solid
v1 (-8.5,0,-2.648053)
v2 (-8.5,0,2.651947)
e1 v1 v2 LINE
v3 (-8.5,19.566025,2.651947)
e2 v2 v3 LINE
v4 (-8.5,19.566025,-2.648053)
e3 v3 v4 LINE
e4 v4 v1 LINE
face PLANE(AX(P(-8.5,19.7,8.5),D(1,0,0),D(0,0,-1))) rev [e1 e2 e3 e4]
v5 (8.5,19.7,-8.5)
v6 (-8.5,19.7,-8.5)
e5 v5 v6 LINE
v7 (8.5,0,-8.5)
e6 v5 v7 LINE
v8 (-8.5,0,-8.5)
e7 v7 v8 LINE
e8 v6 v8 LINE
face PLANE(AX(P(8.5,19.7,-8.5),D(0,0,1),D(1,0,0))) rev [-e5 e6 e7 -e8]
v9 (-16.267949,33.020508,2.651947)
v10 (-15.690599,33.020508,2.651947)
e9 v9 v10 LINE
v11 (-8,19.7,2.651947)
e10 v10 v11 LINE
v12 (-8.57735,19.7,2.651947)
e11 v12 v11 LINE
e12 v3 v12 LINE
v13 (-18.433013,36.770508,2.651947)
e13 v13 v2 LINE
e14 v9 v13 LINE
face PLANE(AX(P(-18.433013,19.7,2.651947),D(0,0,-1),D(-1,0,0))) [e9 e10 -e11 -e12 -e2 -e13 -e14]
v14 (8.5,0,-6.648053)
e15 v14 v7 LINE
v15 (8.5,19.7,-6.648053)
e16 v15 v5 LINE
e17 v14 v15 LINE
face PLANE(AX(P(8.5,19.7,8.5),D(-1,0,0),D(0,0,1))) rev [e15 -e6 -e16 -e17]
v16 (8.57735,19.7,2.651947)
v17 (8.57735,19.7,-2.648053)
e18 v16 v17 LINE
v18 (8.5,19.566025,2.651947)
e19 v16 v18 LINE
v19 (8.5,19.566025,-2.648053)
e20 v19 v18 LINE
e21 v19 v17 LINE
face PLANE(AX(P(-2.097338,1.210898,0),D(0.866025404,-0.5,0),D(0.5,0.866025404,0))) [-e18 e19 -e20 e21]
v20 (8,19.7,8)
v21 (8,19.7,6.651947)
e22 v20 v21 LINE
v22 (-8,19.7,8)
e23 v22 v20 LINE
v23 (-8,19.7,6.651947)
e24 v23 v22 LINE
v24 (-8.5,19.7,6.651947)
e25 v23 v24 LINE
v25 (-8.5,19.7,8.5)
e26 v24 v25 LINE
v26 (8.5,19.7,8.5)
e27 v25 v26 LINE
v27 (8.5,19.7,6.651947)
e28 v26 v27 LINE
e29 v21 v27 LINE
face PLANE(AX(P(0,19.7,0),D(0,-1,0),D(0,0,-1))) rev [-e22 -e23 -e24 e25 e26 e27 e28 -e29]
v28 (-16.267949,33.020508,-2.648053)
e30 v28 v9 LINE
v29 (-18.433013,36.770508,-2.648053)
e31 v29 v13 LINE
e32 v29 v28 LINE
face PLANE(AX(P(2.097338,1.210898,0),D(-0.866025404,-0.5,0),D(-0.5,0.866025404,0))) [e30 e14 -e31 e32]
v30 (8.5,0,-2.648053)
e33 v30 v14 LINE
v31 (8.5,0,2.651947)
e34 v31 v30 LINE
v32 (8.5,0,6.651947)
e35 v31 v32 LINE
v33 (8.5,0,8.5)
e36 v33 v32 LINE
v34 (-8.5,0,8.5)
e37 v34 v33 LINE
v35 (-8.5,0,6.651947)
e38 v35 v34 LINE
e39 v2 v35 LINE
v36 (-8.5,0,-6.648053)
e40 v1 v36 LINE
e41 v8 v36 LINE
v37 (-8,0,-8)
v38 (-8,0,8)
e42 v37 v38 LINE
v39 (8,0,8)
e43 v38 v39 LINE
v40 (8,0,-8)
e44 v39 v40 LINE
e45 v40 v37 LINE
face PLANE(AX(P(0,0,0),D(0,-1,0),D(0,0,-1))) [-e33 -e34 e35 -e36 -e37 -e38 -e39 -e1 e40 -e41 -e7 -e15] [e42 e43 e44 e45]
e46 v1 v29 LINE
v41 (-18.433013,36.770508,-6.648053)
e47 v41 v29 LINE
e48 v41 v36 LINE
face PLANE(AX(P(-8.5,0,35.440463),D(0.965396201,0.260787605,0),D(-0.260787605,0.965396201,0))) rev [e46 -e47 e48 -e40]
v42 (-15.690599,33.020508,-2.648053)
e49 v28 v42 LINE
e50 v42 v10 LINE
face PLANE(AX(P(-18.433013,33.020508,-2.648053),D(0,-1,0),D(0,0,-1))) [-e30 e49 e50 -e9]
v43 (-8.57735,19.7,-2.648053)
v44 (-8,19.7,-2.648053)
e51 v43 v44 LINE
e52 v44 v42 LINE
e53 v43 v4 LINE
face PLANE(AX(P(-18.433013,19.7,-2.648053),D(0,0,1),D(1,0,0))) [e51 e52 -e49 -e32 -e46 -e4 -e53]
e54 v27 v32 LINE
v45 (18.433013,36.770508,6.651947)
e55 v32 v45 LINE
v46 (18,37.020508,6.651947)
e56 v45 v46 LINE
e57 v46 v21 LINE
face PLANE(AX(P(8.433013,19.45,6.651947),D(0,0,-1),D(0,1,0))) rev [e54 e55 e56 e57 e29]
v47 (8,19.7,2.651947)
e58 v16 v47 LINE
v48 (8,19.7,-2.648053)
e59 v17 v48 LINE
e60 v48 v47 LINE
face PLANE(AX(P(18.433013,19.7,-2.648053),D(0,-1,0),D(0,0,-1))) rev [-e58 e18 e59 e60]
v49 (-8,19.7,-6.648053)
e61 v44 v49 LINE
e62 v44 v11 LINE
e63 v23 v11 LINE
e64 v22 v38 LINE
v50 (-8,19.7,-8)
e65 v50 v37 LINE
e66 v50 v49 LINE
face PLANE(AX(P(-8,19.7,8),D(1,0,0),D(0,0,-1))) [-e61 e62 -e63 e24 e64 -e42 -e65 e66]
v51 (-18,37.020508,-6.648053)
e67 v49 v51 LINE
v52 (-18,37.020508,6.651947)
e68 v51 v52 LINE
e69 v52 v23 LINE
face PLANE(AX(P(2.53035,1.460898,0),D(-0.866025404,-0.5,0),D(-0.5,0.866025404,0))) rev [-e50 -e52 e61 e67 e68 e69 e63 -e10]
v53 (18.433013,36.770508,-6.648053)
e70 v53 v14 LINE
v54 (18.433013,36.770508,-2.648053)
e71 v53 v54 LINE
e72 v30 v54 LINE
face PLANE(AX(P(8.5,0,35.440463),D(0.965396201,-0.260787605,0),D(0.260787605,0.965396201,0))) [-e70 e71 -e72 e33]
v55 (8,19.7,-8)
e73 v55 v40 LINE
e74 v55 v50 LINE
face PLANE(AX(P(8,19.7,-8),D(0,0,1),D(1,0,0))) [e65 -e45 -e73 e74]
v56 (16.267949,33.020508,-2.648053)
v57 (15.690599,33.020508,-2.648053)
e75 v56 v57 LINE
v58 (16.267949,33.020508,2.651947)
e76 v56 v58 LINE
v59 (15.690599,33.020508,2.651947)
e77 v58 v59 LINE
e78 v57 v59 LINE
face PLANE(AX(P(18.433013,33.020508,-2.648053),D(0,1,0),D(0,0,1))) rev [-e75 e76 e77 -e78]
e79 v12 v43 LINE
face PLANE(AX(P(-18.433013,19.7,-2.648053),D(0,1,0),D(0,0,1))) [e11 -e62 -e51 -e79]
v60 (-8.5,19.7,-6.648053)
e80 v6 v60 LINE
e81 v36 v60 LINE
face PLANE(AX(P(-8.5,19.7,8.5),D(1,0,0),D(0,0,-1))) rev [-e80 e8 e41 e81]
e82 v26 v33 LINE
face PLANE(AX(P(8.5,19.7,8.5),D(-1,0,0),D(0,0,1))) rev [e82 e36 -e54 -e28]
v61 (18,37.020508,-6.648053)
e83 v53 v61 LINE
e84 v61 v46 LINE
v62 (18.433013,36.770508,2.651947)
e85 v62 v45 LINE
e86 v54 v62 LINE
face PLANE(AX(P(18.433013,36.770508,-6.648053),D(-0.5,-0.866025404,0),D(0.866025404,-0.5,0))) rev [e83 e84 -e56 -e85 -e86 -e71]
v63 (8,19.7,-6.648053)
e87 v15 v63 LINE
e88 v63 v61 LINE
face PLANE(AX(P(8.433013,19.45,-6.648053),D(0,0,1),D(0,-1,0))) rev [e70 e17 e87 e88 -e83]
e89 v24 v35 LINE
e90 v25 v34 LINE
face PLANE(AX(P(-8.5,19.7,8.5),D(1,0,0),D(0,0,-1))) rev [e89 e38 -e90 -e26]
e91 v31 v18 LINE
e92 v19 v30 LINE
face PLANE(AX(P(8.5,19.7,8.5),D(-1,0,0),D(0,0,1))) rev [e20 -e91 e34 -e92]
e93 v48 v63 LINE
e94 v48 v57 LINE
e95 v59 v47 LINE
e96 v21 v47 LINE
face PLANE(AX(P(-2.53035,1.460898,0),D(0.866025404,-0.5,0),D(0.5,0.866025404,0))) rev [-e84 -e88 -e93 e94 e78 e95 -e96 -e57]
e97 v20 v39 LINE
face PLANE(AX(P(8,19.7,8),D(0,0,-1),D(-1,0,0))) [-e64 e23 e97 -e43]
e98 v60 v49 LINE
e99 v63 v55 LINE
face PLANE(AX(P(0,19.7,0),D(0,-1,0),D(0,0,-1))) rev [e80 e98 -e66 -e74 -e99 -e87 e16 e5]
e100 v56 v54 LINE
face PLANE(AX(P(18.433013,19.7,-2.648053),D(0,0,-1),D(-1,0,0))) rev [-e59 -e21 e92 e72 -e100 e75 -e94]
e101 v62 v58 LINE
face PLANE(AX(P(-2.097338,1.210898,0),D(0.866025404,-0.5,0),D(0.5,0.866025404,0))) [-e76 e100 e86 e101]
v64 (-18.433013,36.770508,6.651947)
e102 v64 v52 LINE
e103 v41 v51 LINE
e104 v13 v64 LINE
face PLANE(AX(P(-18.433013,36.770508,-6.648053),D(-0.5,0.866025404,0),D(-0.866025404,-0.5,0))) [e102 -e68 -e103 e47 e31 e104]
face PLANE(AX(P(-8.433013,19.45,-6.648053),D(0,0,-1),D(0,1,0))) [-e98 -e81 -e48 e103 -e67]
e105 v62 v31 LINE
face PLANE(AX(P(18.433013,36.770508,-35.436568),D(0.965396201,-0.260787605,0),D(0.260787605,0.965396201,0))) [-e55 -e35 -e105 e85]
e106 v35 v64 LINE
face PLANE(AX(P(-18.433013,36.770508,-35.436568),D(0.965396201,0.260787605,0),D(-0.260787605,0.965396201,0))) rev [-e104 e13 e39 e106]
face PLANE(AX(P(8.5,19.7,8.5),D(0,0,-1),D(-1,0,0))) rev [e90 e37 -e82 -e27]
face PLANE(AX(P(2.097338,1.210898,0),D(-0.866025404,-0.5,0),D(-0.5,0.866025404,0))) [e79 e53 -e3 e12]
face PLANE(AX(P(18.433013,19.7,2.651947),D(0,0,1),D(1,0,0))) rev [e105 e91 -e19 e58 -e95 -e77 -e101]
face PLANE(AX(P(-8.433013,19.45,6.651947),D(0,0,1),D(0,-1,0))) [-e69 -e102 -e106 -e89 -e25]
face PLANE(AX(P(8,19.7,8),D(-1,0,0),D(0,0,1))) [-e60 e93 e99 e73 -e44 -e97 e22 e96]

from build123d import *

# Parameters (mm, degrees)
SKIZZE1_W                        = 17
SKIZZE1_H                        = 17
SKIZZE1_W_2                      = 16
SKIZZE1_H_2                      = 16
AUFSATZ_LINEAR_AUSTRAGEN1_DEPTH  = 19.7
SKIZZE10_W                       = 13.3
SKIZZE10_H                       = 20
AUFSATZ_LINEAR_AUSTRAGEN5_DEPTH  = 0.5
SKIZZE11_W                       = 5.3
SKIZZE11_H                       = 13.320508076
SCHNITT_LINEAR_AUSTRAGEN14_DEPTH = 11.433012702
AUFSATZ_LINEAR_AUSTRAGEN6_DEPTH  = 4
AUFSATZ_LINEAR_AUSTRAGEN7_DEPTH  = 4


with BuildPart() as part:
    # Skizze1 → Aufsatz-Linear austragen1 (new body)
    with BuildSketch(Plane(origin=(0, 0, 0), x_dir=(1, 0, 0), z_dir=(0, 1, 0))):
        Rectangle(SKIZZE1_W, SKIZZE1_H)
        Rectangle(SKIZZE1_W_2, SKIZZE1_H_2, mode=Mode.SUBTRACT)
    extrude(amount=AUFSATZ_LINEAR_AUSTRAGEN1_DEPTH)

    # Skizze10 → Aufsatz-Linear austragen5 (add)
    with BuildSketch(Plane(origin=(-2.530350227, 1.460898385, 0), x_dir=(0, 0, -1), z_dir=(0.866025404, -0.5, 0))):
        with Locations((-0.00194728, 31.060700455)):
            Rectangle(SKIZZE10_W, SKIZZE10_H)
    aufsatz_linear_austragen5 = extrude(amount=AUFSATZ_LINEAR_AUSTRAGEN5_DEPTH)

    # Skizze11 → Schnitt-Linear austragen14 (cut, through all)
    with BuildSketch(Plane.ZY.offset(-8)):
        with Locations((0.00194728, 26.360254038)):
            Rectangle(SKIZZE11_W, SKIZZE11_H)
    schnitt_linear_austragen14 = extrude(amount=-SCHNITT_LINEAR_AUSTRAGEN14_DEPTH, mode=Mode.SUBTRACT)

    # Skizze12 → Aufsatz-Linear austragen6 (add)
    with BuildSketch(Plane.XY.offset(6.65194728)):
        Polygon((18.433012702, 36.770508076), (8.5, 0), (8.5, 19.7), align=None)
    aufsatz_linear_austragen6 = extrude(amount=-AUFSATZ_LINEAR_AUSTRAGEN6_DEPTH)

    # Skizze13 → Aufsatz-Linear austragen7 (add)
    with BuildSketch(Plane(origin=(0, 0, -6.64805272), x_dir=(-1, 0, 0), z_dir=(0, 0, -1))):
        Polygon((-18.433012702, 36.770508076), (-8.5, 19.7), (-8.5, 0), align=None)
    aufsatz_linear_austragen7 = extrude(amount=-AUFSATZ_LINEAR_AUSTRAGEN7_DEPTH)

    # Spiegeln6: Aufsatz-Linear austragen5, Schnitt-Linear austragen14, Aufsatz-Linear austragen6, Aufsatz-Linear austragen7 across plane
    add(aufsatz_linear_austragen5.mirror(Plane(origin=(0, 0, 0), x_dir=(0, 0, 1), z_dir=(1, 0, 0))))
    add(schnitt_linear_austragen14.mirror(Plane(origin=(0, 0, 0), x_dir=(0, 0, 1), z_dir=(1, 0, 0))), mode=Mode.SUBTRACT)
    add(aufsatz_linear_austragen6.mirror(Plane(origin=(0, 0, 0), x_dir=(0, 0, 1), z_dir=(1, 0, 0))))
    add(aufsatz_linear_austragen7.mirror(Plane(origin=(0, 0, 0), x_dir=(0, 0, 1), z_dir=(1, 0, 0))))


solid = part.part
